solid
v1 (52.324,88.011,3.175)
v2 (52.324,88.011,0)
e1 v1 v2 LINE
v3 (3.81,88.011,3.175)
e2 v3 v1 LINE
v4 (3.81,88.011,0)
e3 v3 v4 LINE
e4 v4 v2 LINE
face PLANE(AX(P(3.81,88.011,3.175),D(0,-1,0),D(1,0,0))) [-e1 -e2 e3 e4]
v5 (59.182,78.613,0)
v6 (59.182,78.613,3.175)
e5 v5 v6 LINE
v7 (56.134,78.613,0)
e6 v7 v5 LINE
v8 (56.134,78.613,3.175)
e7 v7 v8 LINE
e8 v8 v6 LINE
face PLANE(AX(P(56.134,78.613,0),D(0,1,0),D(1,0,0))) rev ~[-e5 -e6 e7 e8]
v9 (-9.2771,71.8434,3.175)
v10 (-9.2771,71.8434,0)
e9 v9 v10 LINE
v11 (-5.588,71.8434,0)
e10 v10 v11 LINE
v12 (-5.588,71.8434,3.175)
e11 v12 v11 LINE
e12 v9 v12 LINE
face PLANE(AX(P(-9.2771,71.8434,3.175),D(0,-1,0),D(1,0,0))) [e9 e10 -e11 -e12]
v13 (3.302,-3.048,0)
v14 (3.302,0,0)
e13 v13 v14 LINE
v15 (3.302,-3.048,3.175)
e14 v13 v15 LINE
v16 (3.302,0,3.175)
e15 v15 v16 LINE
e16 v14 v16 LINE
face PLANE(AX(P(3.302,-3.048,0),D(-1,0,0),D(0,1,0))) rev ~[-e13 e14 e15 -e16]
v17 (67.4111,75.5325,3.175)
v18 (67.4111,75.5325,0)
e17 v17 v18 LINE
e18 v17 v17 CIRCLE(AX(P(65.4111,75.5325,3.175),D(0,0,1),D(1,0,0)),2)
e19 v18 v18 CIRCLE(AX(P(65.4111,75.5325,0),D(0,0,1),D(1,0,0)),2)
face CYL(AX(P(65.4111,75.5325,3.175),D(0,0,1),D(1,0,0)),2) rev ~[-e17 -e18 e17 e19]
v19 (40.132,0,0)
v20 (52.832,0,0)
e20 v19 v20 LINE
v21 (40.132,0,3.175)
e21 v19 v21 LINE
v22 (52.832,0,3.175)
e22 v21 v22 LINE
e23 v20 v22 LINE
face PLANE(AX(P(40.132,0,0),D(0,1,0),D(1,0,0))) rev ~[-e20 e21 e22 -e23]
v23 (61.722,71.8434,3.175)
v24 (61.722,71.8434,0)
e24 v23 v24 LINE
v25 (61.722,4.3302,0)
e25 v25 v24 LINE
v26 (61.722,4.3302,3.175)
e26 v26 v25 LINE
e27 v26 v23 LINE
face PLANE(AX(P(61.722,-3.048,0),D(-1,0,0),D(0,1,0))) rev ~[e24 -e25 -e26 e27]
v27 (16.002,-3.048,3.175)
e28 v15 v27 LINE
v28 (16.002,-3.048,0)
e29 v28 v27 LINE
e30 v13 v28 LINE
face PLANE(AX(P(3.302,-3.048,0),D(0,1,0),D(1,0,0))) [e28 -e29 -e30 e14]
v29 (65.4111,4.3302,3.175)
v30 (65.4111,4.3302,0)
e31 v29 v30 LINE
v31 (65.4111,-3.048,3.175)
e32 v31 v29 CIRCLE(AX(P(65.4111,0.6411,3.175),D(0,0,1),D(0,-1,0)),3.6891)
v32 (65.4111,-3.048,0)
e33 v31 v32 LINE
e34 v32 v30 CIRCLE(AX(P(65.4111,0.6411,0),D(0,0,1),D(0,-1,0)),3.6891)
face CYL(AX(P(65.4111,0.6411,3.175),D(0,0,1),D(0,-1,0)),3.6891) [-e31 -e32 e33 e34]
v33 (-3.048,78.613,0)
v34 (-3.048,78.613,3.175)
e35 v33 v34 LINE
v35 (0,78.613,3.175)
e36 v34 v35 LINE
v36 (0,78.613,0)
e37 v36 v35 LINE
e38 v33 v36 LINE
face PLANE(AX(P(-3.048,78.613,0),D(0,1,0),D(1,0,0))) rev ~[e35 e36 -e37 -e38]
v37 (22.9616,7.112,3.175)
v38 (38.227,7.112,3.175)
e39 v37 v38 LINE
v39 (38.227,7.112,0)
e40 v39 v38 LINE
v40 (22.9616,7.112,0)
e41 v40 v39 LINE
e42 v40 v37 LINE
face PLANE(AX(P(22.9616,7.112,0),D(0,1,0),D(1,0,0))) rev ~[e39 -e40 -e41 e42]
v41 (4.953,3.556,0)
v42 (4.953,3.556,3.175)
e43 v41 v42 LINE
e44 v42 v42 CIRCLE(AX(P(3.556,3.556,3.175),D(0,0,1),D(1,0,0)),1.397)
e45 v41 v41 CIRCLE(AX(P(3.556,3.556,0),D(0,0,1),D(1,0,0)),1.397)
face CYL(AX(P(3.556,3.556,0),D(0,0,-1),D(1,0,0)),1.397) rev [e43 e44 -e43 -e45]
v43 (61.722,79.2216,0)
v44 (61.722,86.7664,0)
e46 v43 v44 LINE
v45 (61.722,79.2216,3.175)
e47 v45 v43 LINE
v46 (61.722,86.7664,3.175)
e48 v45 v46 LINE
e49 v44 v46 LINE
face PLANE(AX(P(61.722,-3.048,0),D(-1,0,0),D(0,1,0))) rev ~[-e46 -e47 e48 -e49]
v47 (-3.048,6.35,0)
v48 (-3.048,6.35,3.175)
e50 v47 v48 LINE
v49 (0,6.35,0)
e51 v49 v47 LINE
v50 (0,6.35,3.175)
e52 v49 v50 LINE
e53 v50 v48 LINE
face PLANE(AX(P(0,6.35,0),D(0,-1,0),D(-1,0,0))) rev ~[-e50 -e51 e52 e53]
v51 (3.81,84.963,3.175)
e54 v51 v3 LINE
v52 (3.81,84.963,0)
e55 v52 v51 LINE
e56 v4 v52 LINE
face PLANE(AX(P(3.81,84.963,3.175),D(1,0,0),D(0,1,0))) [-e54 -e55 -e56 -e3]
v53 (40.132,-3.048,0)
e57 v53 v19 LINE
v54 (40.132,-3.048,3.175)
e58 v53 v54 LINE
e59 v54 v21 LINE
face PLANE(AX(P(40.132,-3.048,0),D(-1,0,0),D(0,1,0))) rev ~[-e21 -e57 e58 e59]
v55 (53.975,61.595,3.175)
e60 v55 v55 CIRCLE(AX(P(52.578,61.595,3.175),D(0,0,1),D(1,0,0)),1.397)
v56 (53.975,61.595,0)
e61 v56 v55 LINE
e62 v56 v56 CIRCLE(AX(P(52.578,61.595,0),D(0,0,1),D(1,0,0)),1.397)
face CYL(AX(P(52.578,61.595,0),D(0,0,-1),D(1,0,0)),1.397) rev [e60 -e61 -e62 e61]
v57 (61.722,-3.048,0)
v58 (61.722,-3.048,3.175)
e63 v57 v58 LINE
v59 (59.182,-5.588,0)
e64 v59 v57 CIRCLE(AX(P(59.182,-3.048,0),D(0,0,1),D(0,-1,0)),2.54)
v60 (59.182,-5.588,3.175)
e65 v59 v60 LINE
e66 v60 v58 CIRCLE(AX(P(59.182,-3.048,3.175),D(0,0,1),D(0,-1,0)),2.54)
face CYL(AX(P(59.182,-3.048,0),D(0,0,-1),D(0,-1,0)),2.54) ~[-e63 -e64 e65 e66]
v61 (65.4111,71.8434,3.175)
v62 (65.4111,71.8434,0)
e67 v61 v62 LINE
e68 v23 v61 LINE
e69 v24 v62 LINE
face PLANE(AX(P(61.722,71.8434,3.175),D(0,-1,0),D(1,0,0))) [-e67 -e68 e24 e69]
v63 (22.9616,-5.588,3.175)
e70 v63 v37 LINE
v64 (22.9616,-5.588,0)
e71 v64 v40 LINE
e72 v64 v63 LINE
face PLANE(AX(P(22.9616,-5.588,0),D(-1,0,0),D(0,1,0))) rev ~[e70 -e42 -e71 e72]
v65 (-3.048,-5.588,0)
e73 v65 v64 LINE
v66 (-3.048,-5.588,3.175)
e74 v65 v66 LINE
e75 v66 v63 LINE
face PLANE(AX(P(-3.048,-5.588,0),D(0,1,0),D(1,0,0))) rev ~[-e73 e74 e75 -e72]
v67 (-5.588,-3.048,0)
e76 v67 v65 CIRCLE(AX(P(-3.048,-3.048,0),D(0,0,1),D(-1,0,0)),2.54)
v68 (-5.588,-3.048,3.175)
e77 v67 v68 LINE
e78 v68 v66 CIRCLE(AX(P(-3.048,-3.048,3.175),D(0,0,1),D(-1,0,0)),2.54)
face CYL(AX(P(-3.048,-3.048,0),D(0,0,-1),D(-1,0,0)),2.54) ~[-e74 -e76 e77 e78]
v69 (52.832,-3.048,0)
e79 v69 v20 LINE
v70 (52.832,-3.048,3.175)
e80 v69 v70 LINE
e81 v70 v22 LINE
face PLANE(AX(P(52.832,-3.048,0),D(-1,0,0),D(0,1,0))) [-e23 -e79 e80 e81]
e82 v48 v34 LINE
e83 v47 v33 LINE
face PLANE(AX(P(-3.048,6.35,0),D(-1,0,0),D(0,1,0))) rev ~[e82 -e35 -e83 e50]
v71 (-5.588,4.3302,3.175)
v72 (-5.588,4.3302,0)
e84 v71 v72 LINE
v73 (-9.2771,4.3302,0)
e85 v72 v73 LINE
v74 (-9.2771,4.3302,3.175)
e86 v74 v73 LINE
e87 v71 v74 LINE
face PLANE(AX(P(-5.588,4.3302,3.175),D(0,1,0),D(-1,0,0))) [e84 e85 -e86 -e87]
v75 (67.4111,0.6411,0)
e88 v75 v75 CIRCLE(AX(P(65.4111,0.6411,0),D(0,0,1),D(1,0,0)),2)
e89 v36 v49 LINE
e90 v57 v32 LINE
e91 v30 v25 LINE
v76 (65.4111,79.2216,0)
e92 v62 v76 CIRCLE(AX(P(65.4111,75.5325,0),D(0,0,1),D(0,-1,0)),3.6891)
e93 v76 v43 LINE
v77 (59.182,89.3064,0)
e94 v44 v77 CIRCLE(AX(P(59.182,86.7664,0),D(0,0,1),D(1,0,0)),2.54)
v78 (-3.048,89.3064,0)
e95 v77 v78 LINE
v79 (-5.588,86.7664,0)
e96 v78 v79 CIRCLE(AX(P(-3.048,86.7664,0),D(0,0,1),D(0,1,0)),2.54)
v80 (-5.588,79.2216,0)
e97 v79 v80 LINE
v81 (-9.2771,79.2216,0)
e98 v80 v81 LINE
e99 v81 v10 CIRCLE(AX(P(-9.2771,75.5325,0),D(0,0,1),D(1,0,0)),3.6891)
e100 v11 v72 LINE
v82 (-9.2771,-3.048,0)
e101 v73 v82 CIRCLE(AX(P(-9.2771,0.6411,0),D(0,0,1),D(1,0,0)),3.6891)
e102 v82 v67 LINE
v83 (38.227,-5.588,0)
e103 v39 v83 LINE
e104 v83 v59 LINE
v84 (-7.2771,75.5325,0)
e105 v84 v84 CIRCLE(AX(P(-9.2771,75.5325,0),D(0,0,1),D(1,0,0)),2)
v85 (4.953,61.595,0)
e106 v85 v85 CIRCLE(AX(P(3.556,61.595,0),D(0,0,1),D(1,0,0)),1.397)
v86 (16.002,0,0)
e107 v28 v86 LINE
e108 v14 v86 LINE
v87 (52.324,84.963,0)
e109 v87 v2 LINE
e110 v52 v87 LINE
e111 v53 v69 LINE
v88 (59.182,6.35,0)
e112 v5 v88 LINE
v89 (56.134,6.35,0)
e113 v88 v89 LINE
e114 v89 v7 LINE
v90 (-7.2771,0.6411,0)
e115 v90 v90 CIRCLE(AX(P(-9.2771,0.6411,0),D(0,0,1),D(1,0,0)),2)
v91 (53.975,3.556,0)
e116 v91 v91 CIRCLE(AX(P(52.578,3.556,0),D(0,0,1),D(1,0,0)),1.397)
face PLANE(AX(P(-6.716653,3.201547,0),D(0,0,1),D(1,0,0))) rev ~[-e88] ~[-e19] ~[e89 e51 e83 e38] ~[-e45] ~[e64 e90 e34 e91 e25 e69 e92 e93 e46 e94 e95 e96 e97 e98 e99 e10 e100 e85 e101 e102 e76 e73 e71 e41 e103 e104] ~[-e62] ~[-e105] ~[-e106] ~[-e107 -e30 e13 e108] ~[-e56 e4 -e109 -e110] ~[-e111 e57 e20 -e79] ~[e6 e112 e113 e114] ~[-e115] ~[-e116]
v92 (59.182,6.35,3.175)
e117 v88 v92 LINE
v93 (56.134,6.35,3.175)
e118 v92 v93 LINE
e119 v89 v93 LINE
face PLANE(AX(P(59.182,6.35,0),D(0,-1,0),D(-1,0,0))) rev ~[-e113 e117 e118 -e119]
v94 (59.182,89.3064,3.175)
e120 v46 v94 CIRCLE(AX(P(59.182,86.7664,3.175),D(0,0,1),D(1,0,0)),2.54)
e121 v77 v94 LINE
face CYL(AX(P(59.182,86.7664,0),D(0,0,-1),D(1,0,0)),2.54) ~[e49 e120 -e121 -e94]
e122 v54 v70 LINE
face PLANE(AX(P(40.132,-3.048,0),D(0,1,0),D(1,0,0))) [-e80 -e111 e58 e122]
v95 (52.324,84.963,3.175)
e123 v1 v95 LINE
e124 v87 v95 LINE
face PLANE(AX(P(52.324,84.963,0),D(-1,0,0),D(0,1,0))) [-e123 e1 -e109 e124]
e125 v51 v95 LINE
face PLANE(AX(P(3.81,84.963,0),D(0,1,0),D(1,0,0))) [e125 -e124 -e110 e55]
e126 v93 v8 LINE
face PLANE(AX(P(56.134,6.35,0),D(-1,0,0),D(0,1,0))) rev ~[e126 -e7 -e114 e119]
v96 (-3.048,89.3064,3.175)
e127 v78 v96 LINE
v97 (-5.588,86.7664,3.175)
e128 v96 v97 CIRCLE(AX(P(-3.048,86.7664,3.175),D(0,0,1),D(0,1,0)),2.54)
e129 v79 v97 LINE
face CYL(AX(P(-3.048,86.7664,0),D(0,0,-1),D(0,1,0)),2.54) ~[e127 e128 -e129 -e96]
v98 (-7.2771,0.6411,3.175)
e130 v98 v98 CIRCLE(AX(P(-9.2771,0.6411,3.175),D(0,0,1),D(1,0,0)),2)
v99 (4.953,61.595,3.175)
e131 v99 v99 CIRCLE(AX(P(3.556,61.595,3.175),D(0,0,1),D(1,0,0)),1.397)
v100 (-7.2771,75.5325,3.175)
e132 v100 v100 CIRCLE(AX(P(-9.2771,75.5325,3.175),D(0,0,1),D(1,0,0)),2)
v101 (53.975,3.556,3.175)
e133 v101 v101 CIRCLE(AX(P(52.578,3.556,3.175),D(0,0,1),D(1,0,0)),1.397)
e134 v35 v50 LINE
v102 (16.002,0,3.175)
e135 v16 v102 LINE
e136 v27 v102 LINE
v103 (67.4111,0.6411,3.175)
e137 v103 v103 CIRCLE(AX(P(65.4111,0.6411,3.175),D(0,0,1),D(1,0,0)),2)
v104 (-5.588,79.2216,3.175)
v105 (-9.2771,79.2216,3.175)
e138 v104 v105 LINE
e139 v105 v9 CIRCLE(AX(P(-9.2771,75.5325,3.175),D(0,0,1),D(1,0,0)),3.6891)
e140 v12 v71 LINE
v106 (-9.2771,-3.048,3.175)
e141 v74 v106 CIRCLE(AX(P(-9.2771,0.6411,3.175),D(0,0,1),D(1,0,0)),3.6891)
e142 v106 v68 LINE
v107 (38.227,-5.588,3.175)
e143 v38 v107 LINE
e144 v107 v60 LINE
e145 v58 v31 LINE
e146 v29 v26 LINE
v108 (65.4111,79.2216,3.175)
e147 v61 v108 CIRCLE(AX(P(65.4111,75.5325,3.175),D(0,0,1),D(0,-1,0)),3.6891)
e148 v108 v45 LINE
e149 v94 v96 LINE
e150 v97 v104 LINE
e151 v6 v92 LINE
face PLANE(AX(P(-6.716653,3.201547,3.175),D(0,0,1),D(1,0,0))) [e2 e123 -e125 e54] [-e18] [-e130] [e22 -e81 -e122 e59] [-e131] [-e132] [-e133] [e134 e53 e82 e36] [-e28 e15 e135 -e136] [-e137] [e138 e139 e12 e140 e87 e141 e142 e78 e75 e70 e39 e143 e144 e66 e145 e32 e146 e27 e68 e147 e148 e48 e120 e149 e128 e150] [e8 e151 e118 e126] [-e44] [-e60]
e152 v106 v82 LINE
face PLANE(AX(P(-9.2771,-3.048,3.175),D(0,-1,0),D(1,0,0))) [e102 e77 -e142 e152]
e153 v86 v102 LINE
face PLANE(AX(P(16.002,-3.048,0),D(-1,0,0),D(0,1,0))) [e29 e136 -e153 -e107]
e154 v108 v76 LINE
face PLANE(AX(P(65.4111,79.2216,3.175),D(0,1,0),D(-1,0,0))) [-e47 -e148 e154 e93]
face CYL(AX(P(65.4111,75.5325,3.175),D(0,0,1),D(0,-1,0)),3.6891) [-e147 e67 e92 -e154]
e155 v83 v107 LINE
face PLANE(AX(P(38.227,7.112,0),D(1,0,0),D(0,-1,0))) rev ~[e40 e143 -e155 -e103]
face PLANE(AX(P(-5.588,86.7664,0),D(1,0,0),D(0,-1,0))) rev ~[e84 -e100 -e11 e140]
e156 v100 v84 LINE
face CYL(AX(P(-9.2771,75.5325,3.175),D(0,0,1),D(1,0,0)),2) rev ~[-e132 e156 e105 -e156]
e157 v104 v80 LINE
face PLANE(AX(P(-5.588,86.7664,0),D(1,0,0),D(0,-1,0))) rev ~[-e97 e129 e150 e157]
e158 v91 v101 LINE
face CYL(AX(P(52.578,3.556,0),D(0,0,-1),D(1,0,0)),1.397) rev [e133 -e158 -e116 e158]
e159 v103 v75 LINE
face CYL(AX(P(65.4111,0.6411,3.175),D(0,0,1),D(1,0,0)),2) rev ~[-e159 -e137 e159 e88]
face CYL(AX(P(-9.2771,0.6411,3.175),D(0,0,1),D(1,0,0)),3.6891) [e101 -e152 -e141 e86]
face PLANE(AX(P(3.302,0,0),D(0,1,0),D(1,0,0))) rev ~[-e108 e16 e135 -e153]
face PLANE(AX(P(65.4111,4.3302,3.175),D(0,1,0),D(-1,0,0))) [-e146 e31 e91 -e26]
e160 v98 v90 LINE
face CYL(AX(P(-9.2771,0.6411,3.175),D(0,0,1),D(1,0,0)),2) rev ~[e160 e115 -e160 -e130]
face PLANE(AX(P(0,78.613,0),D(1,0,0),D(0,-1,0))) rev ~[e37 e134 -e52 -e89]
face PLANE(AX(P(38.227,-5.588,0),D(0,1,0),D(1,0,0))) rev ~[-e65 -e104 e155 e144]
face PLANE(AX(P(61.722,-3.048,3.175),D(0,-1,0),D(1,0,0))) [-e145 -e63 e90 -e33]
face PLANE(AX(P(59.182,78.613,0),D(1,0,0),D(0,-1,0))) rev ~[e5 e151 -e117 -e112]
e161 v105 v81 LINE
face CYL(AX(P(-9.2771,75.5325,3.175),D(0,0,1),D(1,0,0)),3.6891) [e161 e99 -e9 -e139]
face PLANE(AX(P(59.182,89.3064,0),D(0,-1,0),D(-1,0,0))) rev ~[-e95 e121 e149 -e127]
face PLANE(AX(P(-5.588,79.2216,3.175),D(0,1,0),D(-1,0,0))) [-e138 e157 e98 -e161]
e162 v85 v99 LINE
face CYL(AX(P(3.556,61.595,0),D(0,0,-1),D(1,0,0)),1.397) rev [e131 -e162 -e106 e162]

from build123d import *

# Parameters (mm, degrees)
SKETCH1_W           = 12.7
SKETCH1_H           = 3.048
SKETCH1_R           = 1.397
SKETCH1_W_2         = 48.514
SKETCH1_H_2         = 1.8034
BOSS_EXTRUDE1_DEPTH = 3.175
SKETCH6_W           = 48.514
SKETCH6_H           = 3.048
CUT_EXTRUDE2_DEPTH  = 4.175
SKETCH5_R           = 3.6891
SKETCH5_R_2         = 2
BOSS_EXTRUDE3_DEPTH = 3.175


with BuildPart() as part:
    # Sketch1 → Boss-Extrude1 (new body)
    with BuildSketch(Plane.XY):
        with BuildLine():
            Line((38.227, 7.112), (38.227, 0))
            Line((38.227, 0), (38.227, -5.588))
            Line((38.227, -5.588), (59.182, -5.588))
            ThreePointArc((59.182, -5.588), (60.978051224, -4.844051224), (61.722, -3.048))
            Line((61.722, -3.048), (61.722, 86.7664))
            ThreePointArc((61.722, 86.7664), (60.978051224, 88.562451224), (59.182, 89.3064))
            Line((59.182, 89.3064), (-3.048, 89.3064))
            ThreePointArc((-3.048, 89.3064), (-4.844051224, 88.562451224), (-5.588, 86.7664))
            Line((-5.588, 86.7664), (-5.588, -3.048))
            ThreePointArc((-5.588, -3.048), (-4.844051224, -4.844051224), (-3.048, -5.588))
            Line((-3.048, -5.588), (22.9616, -5.588))
            Line((22.9616, -5.588), (22.9616, 0))
            Line((22.9616, 0), (22.9616, 7.112))
            Line((22.9616, 7.112), (38.227, 7.112))
        make_face()
        with Locations((9.652, -1.524)):
            Rectangle(SKETCH1_W, SKETCH1_H, mode=Mode.SUBTRACT)
        with Locations((3.556, 3.556)):
            Circle(SKETCH1_R, mode=Mode.SUBTRACT)
        with Locations((46.482, -1.524)):
            Rectangle(SKETCH1_W, SKETCH1_H, mode=Mode.SUBTRACT)
        with Locations((52.578, 3.556)):
            Circle(SKETCH1_R, mode=Mode.SUBTRACT)
        Polygon((-3.048, 6.35), (-3.048, 78.613), (0, 78.613), (0, 61.595), (0, 6.35), align=None, mode=Mode.SUBTRACT)
        with Locations((3.556, 61.595)):
            Circle(SKETCH1_R, mode=Mode.SUBTRACT)
        with Locations((28.067, 85.8647)):
            Rectangle(SKETCH1_W_2, SKETCH1_H_2, mode=Mode.SUBTRACT)
        Polygon((56.134, 78.613), (59.182, 78.613), (59.182, 6.35), (56.134, 6.35), (56.134, 61.595), align=None, mode=Mode.SUBTRACT)
        with Locations((52.578, 61.595)):
            Circle(SKETCH1_R, mode=Mode.SUBTRACT)
    extrude(amount=BOSS_EXTRUDE1_DEPTH)

    # Sketch6 → Cut-Extrude2 (cut, through all)
    with BuildSketch(Plane.XY.offset(3.175)):
        with Locations((28.067, 86.487)):
            Rectangle(SKETCH6_W, SKETCH6_H)
    extrude(amount=-CUT_EXTRUDE2_DEPTH, mode=Mode.SUBTRACT)

    # Sketch5 → Boss-Extrude3 (add)
    with BuildSketch(Plane.XY.offset(3.175)):
        with BuildLine():
            Line((-5.588, 4.3302), (-9.2771, 4.3302))
            ThreePointArc((-9.2771, 4.3302), (-6.668512374, 3.249687626), (-5.588, 0.6411))
            Line((-5.588, 0.6411), (-5.588, 4.3302))
        make_face()
        with BuildLine():
            Line((-5.588, -3.048), (-5.588, 0.6411))
            ThreePointArc((-5.588, 0.6411), (-6.668512374, -1.967487626), (-9.2771, -3.048))
            Line((-9.2771, -3.048), (-5.588, -3.048))
        make_face()
        with Locations((-9.2771, 0.6411)):
            Circle(SKETCH5_R)
        with Locations((-9.2771, 0.6411)):
            Circle(SKETCH5_R_2, mode=Mode.SUBTRACT)
        with Locations((65.4111, 0.6411)):
            Circle(SKETCH5_R)
        with Locations((65.4111, 0.6411)):
            Circle(SKETCH5_R_2, mode=Mode.SUBTRACT)
        with BuildLine():
            Line((61.722, -3.048), (65.4111, -3.048))
            ThreePointArc((65.4111, -3.048), (62.802512374, -1.967487626), (61.722, 0.6411))
            Line((61.722, 0.6411), (61.722, -3.048))
        make_face()
        with BuildLine():
            Line((61.722, 4.3302), (61.722, 0.6411))
            ThreePointArc((61.722, 0.6411), (62.802512374, 3.249687626), (65.4111, 4.3302))
            Line((65.4111, 4.3302), (61.722, 4.3302))
        make_face()
        with Locations((65.4111, 75.5325)):
            Circle(SKETCH5_R)
        with Locations((65.4111, 75.5325)):
            Circle(SKETCH5_R_2, mode=Mode.SUBTRACT)
        with BuildLine():
            Line((61.722, 71.8434), (65.4111, 71.8434))
            ThreePointArc((65.4111, 71.8434), (62.802512374, 72.923912374), (61.722, 75.5325))
            Line((61.722, 75.5325), (61.722, 71.8434))
        make_face()
        with BuildLine():
            Line((61.722, 79.2216), (61.722, 75.5325))
            ThreePointArc((61.722, 75.5325), (62.802512374, 78.141087626), (65.4111, 79.2216))
            Line((65.4111, 79.2216), (61.722, 79.2216))
        make_face()
        with BuildLine():
            Line((-5.588, 71.8434), (-5.588, 75.5325))
            ThreePointArc((-5.588, 75.5325), (-6.668512374, 72.923912374), (-9.2771, 71.8434))
            Line((-9.2771, 71.8434), (-5.588, 71.8434))
        make_face()
        with Locations((-9.2771, 75.5325)):
            Circle(SKETCH5_R)
        with Locations((-9.2771, 75.5325)):
            Circle(SKETCH5_R_2, mode=Mode.SUBTRACT)
        with BuildLine():
            Line((-5.588, 79.2216), (-9.2771, 79.2216))
            ThreePointArc((-9.2771, 79.2216), (-6.668512374, 78.141087626), (-5.588, 75.5325))
            Line((-5.588, 75.5325), (-5.588, 79.2216))
        make_face()
    extrude(amount=-BOSS_EXTRUDE3_DEPTH)


solid = part.part
